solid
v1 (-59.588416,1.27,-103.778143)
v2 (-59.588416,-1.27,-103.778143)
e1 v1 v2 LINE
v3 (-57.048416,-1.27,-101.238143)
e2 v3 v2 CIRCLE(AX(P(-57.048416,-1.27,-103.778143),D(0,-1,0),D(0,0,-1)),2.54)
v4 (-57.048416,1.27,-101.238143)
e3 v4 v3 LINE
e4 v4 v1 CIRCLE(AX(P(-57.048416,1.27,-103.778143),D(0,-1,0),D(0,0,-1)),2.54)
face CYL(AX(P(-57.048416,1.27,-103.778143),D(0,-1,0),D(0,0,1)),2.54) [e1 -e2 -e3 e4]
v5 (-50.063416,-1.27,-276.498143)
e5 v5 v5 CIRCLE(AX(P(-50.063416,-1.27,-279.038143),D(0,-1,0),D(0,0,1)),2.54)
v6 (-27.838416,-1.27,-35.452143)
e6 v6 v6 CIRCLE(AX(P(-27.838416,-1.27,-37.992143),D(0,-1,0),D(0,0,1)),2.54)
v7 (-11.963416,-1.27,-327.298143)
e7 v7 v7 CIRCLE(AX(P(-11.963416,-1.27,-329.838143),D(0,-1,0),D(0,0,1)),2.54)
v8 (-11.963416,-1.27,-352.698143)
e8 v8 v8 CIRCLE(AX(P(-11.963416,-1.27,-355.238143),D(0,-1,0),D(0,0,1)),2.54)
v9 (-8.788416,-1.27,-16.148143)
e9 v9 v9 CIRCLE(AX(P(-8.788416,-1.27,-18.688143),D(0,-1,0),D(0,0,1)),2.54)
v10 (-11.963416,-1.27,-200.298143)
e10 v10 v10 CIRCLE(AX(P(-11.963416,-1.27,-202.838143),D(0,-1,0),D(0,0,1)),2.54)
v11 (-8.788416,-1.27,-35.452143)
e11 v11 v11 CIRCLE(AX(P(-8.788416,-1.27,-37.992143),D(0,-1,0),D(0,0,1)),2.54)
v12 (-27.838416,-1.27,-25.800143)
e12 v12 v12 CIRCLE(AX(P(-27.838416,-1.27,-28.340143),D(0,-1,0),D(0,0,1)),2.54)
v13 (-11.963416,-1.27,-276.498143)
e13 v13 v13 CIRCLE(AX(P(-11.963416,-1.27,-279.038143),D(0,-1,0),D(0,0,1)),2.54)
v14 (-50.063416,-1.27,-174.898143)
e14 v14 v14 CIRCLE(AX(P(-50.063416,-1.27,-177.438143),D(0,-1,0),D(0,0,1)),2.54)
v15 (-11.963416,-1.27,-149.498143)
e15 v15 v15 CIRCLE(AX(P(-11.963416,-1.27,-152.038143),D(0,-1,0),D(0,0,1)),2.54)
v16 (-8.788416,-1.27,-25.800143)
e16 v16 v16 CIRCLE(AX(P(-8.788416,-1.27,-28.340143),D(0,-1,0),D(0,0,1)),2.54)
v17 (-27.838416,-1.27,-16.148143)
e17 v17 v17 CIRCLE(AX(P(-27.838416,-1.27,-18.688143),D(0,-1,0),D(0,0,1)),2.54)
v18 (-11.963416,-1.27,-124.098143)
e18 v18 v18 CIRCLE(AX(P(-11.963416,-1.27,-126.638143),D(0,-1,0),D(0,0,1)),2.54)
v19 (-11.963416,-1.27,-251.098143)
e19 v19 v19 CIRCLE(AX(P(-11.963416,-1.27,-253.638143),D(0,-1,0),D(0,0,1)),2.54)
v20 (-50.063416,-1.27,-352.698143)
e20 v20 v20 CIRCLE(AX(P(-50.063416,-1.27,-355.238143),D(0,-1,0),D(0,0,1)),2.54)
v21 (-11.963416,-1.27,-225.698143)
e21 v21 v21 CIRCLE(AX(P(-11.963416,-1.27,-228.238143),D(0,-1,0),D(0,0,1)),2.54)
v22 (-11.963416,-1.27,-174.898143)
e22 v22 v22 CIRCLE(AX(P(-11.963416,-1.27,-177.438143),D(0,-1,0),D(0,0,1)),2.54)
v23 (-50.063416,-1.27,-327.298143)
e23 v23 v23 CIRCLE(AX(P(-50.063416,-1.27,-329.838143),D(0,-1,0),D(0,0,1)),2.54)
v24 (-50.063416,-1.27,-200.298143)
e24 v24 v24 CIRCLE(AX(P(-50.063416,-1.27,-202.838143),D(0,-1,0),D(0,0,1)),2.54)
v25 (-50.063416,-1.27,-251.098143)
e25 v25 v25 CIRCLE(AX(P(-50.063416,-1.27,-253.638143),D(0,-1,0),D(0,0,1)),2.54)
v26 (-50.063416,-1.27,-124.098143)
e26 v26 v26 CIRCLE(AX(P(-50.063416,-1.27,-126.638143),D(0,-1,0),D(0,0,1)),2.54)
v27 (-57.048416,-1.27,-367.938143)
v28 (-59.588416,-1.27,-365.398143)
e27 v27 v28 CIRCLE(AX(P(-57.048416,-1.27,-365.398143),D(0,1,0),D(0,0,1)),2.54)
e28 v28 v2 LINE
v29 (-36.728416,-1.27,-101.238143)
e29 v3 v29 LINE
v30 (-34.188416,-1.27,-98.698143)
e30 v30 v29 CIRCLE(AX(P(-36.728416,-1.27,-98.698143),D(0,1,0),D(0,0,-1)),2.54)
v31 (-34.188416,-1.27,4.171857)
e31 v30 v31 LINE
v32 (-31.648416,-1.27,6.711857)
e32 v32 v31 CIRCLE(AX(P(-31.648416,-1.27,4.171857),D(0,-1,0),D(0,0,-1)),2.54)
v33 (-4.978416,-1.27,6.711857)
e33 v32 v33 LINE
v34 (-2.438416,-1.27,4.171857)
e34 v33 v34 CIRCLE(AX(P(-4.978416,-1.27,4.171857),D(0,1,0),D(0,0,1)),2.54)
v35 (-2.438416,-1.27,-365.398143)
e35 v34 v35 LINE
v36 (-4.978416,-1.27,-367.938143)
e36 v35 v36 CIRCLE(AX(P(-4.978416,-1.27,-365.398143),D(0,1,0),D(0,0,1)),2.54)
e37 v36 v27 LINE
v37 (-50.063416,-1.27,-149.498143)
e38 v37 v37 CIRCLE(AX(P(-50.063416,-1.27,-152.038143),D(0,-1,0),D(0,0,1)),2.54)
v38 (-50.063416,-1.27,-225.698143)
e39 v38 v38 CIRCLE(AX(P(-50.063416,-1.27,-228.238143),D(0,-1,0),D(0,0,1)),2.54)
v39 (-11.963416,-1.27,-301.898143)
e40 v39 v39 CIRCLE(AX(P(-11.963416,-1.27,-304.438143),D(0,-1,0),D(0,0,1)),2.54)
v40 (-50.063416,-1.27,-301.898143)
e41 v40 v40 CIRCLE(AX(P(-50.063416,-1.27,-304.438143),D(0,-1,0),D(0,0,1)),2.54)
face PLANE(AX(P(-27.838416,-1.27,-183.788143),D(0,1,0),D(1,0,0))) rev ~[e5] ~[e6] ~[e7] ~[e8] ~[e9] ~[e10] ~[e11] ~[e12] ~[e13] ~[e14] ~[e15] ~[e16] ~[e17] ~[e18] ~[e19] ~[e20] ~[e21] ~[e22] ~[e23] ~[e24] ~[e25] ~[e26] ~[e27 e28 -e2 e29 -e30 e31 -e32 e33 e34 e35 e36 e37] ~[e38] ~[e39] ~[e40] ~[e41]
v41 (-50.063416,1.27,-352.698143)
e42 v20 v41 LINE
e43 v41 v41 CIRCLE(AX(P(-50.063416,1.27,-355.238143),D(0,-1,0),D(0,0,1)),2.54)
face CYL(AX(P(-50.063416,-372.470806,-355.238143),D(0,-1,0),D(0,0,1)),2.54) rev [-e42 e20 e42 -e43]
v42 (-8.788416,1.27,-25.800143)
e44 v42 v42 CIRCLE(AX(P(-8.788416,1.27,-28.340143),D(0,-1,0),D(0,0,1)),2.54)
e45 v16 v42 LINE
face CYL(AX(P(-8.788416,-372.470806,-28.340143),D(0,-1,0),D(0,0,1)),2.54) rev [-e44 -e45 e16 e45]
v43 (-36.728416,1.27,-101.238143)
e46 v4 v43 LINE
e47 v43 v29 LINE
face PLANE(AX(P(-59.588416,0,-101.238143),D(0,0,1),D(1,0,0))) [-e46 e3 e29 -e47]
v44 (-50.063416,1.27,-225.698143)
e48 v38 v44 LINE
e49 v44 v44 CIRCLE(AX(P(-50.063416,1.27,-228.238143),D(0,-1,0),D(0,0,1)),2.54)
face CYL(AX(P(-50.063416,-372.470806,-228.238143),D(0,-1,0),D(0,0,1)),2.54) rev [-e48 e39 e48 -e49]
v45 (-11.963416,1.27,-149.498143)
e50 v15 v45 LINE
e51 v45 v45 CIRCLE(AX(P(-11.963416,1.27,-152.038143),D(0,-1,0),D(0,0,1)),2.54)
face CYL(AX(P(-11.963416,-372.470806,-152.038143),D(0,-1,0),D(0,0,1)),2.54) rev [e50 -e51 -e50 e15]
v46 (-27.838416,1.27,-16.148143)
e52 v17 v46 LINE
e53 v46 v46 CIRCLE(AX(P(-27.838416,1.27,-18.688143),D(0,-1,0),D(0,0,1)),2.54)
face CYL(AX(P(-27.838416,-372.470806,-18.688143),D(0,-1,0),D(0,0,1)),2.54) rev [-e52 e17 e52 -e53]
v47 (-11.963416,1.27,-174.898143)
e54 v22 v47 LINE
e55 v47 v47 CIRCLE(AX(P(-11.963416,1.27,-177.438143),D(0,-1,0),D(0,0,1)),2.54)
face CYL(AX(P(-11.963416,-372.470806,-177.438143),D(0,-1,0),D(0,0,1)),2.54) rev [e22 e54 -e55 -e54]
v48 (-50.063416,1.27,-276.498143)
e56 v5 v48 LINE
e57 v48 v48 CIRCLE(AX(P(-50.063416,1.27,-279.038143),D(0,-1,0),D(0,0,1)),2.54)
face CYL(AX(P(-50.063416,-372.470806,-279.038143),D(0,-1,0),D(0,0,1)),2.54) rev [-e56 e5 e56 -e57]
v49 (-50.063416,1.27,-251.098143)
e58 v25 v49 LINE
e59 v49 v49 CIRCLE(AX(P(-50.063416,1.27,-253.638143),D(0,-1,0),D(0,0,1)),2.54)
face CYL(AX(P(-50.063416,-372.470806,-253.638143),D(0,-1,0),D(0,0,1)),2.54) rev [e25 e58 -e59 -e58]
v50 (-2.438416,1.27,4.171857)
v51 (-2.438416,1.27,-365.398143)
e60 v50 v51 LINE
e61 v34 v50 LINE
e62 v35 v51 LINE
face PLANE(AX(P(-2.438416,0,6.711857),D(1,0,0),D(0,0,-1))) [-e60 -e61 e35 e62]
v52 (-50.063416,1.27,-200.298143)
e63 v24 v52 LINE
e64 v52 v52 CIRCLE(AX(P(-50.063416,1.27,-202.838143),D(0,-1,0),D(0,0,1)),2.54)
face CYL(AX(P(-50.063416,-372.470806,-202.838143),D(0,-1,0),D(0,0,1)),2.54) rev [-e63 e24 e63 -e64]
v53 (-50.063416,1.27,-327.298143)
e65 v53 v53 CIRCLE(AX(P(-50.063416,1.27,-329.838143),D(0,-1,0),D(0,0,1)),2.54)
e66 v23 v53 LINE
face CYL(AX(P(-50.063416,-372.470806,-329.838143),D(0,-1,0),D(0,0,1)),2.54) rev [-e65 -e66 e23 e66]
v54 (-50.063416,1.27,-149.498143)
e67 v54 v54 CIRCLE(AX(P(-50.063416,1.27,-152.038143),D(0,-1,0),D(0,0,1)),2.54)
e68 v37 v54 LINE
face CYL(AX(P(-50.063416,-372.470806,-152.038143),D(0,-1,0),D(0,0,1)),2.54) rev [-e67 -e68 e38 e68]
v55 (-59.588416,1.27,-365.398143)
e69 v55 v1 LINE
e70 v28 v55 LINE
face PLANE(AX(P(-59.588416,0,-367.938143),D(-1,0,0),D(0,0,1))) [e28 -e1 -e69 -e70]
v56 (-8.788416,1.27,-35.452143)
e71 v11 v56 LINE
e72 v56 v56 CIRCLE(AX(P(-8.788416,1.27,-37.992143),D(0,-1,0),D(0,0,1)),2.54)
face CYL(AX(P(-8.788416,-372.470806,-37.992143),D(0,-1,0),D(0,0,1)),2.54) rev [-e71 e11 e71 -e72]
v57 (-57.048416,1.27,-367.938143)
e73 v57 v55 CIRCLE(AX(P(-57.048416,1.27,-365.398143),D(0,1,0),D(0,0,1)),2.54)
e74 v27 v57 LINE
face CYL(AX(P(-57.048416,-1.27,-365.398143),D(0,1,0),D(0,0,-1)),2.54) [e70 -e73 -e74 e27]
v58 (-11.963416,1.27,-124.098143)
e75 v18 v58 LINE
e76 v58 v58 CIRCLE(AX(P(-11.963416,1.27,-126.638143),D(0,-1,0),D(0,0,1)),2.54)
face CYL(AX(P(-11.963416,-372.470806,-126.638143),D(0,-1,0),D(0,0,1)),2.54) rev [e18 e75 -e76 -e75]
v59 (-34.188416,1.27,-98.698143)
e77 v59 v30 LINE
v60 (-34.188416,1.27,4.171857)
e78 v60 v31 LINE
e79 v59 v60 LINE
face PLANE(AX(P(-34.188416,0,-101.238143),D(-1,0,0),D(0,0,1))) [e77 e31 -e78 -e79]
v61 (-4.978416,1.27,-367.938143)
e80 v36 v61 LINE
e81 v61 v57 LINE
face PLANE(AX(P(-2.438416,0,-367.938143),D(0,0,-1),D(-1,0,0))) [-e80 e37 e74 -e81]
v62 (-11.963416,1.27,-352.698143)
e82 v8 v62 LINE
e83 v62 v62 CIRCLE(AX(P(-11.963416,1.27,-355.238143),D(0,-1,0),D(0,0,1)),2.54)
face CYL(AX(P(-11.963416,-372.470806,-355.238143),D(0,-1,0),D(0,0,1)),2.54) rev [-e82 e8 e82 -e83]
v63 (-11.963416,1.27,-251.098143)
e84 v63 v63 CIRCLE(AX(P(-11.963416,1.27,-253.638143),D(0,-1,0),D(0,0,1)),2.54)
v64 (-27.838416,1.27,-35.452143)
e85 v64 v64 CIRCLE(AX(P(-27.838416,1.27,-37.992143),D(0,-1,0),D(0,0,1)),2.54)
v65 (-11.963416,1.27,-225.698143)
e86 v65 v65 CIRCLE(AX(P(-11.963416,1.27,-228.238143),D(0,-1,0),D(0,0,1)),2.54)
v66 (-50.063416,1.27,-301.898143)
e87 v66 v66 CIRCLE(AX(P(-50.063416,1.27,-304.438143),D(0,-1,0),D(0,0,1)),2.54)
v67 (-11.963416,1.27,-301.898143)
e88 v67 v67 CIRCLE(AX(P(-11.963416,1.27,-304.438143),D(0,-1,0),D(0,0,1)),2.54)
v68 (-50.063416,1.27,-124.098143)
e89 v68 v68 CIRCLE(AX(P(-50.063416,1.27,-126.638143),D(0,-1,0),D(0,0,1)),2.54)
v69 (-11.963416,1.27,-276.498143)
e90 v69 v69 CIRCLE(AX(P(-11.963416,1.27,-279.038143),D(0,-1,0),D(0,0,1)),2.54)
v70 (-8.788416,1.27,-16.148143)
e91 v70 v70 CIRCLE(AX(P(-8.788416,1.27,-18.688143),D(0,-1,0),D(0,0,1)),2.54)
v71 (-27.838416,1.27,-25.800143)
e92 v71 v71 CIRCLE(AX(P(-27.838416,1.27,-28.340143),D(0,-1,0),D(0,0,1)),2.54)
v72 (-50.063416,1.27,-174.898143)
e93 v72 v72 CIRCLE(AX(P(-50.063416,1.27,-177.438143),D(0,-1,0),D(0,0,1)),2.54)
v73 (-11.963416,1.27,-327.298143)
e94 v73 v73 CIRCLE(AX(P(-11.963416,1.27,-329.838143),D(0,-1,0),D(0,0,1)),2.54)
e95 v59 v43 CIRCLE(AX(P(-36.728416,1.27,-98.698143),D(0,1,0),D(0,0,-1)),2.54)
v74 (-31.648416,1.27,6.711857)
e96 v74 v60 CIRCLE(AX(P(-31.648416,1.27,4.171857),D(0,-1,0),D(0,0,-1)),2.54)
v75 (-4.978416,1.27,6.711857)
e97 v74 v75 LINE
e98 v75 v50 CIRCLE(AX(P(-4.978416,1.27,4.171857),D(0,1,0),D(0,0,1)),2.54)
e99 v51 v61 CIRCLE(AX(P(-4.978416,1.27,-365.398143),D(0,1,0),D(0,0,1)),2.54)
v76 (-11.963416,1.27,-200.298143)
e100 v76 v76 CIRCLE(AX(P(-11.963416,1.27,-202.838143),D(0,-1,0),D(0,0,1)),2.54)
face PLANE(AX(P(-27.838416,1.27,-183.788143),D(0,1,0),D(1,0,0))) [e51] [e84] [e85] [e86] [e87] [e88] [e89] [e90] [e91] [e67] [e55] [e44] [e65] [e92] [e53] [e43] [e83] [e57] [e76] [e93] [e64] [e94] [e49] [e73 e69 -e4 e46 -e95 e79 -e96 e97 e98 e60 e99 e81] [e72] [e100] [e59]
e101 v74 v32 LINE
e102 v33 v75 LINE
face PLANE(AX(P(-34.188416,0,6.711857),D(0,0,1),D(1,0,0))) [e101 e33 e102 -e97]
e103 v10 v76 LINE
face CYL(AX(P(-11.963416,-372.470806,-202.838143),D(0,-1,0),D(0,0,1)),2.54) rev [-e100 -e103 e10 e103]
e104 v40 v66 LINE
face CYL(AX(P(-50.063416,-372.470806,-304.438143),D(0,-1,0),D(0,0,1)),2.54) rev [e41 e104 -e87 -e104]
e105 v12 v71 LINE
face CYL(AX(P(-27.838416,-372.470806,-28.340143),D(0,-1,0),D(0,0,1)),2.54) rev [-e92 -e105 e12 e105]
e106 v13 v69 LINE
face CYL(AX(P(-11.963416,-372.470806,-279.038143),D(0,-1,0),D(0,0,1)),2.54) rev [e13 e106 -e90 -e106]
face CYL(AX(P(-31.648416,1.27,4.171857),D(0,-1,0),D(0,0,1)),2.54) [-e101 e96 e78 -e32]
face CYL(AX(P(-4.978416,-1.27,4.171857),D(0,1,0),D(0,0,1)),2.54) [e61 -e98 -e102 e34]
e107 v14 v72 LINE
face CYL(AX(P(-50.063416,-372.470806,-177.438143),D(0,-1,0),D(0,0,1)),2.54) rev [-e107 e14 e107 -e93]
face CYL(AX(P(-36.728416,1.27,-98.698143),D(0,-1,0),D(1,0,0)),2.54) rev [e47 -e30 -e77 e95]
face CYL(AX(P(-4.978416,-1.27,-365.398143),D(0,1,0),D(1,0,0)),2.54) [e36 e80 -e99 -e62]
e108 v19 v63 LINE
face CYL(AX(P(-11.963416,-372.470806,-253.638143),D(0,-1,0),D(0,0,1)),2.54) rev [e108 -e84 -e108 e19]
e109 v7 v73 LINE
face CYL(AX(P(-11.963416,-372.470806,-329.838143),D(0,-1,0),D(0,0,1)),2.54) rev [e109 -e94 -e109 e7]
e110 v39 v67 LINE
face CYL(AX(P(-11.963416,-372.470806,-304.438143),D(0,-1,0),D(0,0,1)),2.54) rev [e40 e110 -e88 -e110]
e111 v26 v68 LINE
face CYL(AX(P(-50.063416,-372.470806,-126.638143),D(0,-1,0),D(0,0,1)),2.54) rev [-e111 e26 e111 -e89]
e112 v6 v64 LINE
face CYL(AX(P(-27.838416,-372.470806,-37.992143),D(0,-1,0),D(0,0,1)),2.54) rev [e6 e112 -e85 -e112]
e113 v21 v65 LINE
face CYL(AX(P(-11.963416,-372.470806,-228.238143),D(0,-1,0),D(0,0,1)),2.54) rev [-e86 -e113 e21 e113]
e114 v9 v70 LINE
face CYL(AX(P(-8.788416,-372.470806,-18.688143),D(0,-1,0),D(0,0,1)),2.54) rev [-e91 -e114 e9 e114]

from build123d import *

# Parameters (mm, degrees)
BOSS_EXTRUDE1_DEPTH     = 1.27
CUT_EXTRUDE1_DEPTH      = 373.740805793
CUT_EXTRUDE1_DEPTH_BACK = 373.740805793
SKETCH2_R               = 2.54
CUT_EXTRUDE2_DEPTH      = 373.740805793
CUT_EXTRUDE2_DEPTH_BACK = 373.740805793
SKETCH3_R               = 2.54
FILLET2_R               = 2.54


with BuildPart() as part:
    # Sketch1 → Boss-Extrude1 (new, symmetric)
    with BuildSketch(Plane(origin=(0, 0, 0), x_dir=(1, 0, 0), z_dir=(0, 1, 0))):
        Polygon((-34.188416223, -6.711856618), (-2.438416223, -6.711856618), (-2.438416223, 367.938143382), (-59.588416223, 367.938143382), (-59.588416223, 101.238143382), (-34.188416223, 101.238143382), align=None)
    extrude(amount=BOSS_EXTRUDE1_DEPTH, both=True)

    # Sketch2 → Cut-Extrude1 (cut, two sides: drawn at the far end of the back side and taken through both)
    with BuildSketch(Plane(origin=(0, 1.27, 0), x_dir=(1, 0, 0), z_dir=(0, 1, 0)).offset(-CUT_EXTRUDE1_DEPTH_BACK)):
        with Locations(Location((-27.838416223, 18.688143382, 0), (0, 0, 270))):
            Circle(SKETCH2_R)
        with Locations(Location((-8.788416223, 18.688143382, 0), (0, 0, 270))):
            Circle(SKETCH2_R)
        with Locations(Location((-8.788416223, 28.340143382, 0), (0, 0, 270))):
            Circle(SKETCH2_R)
        with Locations(Location((-8.788416223, 37.992143382, 0), (0, 0, 270))):
            Circle(SKETCH2_R)
        with Locations(Location((-27.838416223, 28.340143382, 0), (0, 0, 270))):
            Circle(SKETCH2_R)
        with Locations(Location((-27.838416223, 37.992143382, 0), (0, 0, 270))):
            Circle(SKETCH2_R)
    extrude(amount=CUT_EXTRUDE1_DEPTH + CUT_EXTRUDE1_DEPTH_BACK, mode=Mode.SUBTRACT)

    # Sketch3 → Cut-Extrude2 (cut, two sides: drawn at the far end of the back side and taken through both)
    with BuildSketch(Plane(origin=(0, 1.27, 0), x_dir=(1, 0, 0), z_dir=(0, 1, 0)).offset(-CUT_EXTRUDE2_DEPTH_BACK)):
        with Locations(Location((-50.063416223, 126.638143382, 0), (0, 0, 270))):
            Circle(SKETCH3_R)
        with Locations(Location((-11.963416223, 126.638143382, 0), (0, 0, 270))):
            Circle(SKETCH3_R)
        with Locations(Location((-11.963416223, 152.038143382, 0), (0, 0, 270))):
            Circle(SKETCH3_R)
        with Locations(Location((-11.963416223, 177.438143382, 0), (0, 0, 270))):
            Circle(SKETCH3_R)
        with Locations(Location((-11.963416223, 202.838143382, 0), (0, 0, 270))):
            Circle(SKETCH3_R)
        with Locations(Location((-11.963416223, 228.238143382, 0), (0, 0, 270))):
            Circle(SKETCH3_R)
        with Locations(Location((-11.963416223, 253.638143382, 0), (0, 0, 270))):
            Circle(SKETCH3_R)
        with Locations(Location((-11.963416223, 279.038143382, 0), (0, 0, 270))):
            Circle(SKETCH3_R)
        with Locations(Location((-11.963416223, 304.438143382, 0), (0, 0, 270))):
            Circle(SKETCH3_R)
        with Locations(Location((-11.963416223, 329.838143382, 0), (0, 0, 270))):
            Circle(SKETCH3_R)
        with Locations(Location((-11.963416223, 355.238143382, 0), (0, 0, 270))):
            Circle(SKETCH3_R)
        with Locations(Location((-50.063416223, 152.038143382, 0), (0, 0, 270))):
            Circle(SKETCH3_R)
        with Locations(Location((-50.063416223, 177.438143382, 0), (0, 0, 270))):
            Circle(SKETCH3_R)
        with Locations(Location((-50.063416223, 202.838143382, 0), (0, 0, 270))):
            Circle(SKETCH3_R)
        with Locations(Location((-50.063416223, 228.238143382, 0), (0, 0, 270))):
            Circle(SKETCH3_R)
        with Locations(Location((-50.063416223, 253.638143382, 0), (0, 0, 270))):
            Circle(SKETCH3_R)
        with Locations(Location((-50.063416223, 279.038143382, 0), (0, 0, 270))):
            Circle(SKETCH3_R)
        with Locations(Location((-50.063416223, 304.438143382, 0), (0, 0, 270))):
            Circle(SKETCH3_R)
        with Locations(Location((-50.063416223, 329.838143382, 0), (0, 0, 270))):
            Circle(SKETCH3_R)
        with Locations(Location((-50.063416223, 355.238143382, 0), (0, 0, 270))):
            Circle(SKETCH3_R)
    extrude(amount=CUT_EXTRUDE2_DEPTH + CUT_EXTRUDE2_DEPTH_BACK, mode=Mode.SUBTRACT)

    # Fillet2
    fillet2_edges = [part.edges().sort_by_distance(p)[0] for p in [
        (-34.188416223, 0, -101.238143382),
        (-59.588416223, 0, -101.238143382),
        (-59.588416223, 0, -367.938143382),
        (-2.438416223, 0, -367.938143382),
        (-2.438416223, 0, 6.711856618),
        (-34.188416223, 0, 6.711856618),
    ]]
    fillet(fillet2_edges, radius=FILLET2_R)


solid = part.part
